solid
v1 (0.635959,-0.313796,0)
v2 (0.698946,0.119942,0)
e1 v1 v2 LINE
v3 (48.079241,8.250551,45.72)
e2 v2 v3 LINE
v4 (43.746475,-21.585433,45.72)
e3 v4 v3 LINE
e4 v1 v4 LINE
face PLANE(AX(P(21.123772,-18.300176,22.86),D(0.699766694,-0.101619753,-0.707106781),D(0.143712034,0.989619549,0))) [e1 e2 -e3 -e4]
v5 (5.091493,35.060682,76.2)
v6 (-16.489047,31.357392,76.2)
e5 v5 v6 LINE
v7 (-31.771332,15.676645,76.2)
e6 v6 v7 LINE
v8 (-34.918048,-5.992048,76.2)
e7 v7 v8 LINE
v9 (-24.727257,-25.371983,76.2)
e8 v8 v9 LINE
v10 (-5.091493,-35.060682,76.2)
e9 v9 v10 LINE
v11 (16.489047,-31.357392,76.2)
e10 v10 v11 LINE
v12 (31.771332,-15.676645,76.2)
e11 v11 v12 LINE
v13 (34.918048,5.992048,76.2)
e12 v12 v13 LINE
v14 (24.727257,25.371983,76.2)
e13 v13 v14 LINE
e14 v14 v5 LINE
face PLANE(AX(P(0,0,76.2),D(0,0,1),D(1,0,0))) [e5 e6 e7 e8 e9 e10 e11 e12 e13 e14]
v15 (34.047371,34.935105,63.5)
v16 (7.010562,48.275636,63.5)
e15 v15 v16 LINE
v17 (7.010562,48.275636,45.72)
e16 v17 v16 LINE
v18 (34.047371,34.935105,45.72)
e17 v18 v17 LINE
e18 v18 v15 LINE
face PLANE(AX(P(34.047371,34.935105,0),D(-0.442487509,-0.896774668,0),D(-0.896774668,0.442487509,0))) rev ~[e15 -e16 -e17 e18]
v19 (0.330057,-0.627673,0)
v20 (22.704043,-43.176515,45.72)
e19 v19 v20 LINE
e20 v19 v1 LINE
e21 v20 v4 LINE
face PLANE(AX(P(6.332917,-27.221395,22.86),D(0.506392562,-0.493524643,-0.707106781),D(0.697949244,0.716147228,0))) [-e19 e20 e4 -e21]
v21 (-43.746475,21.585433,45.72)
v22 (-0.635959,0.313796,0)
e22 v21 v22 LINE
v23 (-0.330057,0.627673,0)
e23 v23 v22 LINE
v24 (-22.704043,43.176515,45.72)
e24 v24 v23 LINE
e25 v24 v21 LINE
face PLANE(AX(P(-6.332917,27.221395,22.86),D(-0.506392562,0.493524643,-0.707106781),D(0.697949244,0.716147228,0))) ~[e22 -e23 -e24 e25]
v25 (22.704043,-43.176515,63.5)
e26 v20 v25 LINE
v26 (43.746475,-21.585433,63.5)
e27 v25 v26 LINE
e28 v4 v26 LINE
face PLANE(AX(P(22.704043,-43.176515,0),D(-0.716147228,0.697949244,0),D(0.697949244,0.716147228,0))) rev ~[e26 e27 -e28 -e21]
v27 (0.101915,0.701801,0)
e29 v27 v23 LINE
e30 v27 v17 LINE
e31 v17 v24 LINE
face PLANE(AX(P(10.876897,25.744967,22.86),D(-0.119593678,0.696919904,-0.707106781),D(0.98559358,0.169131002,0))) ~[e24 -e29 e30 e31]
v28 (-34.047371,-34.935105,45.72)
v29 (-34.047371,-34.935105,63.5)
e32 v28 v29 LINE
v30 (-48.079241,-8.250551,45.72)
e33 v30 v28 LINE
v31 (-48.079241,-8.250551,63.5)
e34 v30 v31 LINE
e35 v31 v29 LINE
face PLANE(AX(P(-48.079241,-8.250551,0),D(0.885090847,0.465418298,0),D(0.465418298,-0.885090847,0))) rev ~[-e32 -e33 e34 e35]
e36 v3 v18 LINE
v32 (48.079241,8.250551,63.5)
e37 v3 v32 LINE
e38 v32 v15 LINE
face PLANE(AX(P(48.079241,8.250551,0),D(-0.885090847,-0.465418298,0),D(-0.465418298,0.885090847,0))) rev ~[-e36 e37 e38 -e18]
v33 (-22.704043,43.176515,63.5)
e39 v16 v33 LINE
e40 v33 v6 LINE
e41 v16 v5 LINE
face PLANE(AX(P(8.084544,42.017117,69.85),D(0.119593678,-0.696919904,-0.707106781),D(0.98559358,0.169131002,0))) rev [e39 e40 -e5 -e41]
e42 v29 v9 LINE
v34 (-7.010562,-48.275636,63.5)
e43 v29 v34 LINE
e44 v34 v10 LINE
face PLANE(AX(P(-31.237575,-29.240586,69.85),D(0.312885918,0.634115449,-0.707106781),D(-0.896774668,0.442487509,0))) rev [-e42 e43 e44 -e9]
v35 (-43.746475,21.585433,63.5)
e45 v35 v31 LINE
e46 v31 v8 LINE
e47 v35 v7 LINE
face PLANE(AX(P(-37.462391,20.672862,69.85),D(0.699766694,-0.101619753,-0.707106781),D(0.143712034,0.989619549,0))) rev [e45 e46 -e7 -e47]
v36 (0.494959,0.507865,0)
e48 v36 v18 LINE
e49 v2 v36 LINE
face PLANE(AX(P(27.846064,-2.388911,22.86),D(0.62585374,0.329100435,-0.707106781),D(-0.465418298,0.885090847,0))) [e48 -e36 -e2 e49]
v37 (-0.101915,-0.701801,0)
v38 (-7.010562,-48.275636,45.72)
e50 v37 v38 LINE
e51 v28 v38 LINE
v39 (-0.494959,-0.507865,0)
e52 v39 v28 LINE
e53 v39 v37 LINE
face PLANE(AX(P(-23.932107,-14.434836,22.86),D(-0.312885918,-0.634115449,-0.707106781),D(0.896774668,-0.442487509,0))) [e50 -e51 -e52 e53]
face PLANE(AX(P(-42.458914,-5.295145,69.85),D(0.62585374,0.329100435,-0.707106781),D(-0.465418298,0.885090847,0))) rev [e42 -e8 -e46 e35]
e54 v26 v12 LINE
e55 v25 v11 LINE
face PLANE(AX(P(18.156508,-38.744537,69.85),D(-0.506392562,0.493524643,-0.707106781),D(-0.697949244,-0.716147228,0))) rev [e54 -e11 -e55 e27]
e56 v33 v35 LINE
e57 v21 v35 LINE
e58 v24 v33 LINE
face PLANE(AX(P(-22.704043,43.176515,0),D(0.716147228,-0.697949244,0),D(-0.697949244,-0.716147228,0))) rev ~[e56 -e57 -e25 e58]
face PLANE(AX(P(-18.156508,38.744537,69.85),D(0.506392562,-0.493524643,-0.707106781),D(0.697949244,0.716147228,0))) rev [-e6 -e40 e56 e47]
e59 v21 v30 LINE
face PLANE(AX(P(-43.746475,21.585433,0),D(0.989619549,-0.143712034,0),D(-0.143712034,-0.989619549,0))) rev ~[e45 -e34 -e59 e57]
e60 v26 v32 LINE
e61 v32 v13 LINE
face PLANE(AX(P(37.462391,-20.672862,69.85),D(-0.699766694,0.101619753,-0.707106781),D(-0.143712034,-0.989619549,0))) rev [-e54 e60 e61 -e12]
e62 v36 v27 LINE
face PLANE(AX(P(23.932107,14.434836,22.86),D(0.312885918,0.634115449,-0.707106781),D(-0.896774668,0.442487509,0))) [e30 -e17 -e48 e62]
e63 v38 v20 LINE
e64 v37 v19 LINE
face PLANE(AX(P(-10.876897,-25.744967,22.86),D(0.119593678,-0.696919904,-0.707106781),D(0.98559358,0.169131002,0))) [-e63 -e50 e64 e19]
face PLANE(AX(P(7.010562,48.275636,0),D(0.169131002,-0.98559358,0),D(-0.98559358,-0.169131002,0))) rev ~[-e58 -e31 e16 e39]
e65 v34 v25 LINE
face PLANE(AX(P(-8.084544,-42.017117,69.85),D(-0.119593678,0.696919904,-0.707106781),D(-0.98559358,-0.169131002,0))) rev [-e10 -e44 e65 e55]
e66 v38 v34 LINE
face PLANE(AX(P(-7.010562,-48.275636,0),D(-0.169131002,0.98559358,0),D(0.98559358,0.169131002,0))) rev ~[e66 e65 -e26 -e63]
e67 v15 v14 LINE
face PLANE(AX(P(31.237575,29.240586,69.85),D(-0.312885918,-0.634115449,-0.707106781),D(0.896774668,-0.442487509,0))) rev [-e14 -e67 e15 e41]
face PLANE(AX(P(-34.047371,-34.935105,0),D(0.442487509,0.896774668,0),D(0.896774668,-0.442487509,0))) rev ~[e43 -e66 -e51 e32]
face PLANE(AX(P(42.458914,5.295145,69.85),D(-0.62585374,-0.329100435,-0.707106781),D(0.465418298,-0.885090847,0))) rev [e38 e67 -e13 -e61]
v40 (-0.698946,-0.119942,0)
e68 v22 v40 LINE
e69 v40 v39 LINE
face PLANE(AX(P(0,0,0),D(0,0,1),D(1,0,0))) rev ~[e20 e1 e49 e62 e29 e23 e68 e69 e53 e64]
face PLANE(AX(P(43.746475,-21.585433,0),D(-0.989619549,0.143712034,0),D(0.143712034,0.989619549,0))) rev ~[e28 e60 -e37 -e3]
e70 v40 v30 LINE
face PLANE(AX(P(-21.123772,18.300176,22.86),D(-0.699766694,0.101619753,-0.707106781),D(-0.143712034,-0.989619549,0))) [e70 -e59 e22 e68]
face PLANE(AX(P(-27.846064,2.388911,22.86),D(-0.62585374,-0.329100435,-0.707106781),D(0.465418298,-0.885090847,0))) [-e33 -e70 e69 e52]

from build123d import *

# Parameters (mm, degrees)
F1_DEPTH = 76.2
F2_SIZE  = 12.7
F3_SIZE  = 45.72


with BuildPart() as f1:
    # F0 (on Top) → F1 (new body)
    with BuildSketch(Plane.XY):
        Polygon((-22.704043, 43.176515), (-43.746475, 21.585433), (-48.079241, -8.250551), (-34.047371, -34.935105), (-7.010562, -48.275636), (22.704043, -43.176515), (43.746475, -21.585433), (48.079241, 8.250551), (34.047371, 34.935105), (7.010562, 48.275636), align=None)
    extrude(amount=F1_DEPTH)

    # F2
    f2_edges = [f1.edges().sort_by_distance(p)[0] for p in [
        (7.84674, -45.726075, 76.2),
        (33.225259, -32.380974, 76.2),
        (45.912858, -6.667441, 76.2),
        (41.063306, 21.592828, 76.2),
        (20.528967, 41.60537, 76.2),
        (-7.84674, 45.726075, 76.2),
        (-20.528967, -41.60537, 76.2),
        (-41.063306, -21.592828, 76.2),
        (-45.912858, 6.667441, 76.2),
        (-33.225259, 32.380974, 76.2),
    ]]
    chamfer(f2_edges, length=F2_SIZE)

    # F3
    f3_edges = [f1.edges().sort_by_distance(p)[0] for p in [
        (-20.528967, -41.60537, 0),
        (7.84674, -45.726075, 0),
        (33.225259, -32.380974, 0),
        (45.912858, -6.667441, 0),
        (41.063306, 21.592828, 0),
        (20.528967, 41.60537, 0),
        (-7.84674, 45.726075, 0),
        (-33.225259, 32.380974, 0),
        (-45.912858, 6.667441, 0),
        (-41.063306, -21.592828, 0),
    ]]
    chamfer(f3_edges, length=F3_SIZE)


solid = f1.part
